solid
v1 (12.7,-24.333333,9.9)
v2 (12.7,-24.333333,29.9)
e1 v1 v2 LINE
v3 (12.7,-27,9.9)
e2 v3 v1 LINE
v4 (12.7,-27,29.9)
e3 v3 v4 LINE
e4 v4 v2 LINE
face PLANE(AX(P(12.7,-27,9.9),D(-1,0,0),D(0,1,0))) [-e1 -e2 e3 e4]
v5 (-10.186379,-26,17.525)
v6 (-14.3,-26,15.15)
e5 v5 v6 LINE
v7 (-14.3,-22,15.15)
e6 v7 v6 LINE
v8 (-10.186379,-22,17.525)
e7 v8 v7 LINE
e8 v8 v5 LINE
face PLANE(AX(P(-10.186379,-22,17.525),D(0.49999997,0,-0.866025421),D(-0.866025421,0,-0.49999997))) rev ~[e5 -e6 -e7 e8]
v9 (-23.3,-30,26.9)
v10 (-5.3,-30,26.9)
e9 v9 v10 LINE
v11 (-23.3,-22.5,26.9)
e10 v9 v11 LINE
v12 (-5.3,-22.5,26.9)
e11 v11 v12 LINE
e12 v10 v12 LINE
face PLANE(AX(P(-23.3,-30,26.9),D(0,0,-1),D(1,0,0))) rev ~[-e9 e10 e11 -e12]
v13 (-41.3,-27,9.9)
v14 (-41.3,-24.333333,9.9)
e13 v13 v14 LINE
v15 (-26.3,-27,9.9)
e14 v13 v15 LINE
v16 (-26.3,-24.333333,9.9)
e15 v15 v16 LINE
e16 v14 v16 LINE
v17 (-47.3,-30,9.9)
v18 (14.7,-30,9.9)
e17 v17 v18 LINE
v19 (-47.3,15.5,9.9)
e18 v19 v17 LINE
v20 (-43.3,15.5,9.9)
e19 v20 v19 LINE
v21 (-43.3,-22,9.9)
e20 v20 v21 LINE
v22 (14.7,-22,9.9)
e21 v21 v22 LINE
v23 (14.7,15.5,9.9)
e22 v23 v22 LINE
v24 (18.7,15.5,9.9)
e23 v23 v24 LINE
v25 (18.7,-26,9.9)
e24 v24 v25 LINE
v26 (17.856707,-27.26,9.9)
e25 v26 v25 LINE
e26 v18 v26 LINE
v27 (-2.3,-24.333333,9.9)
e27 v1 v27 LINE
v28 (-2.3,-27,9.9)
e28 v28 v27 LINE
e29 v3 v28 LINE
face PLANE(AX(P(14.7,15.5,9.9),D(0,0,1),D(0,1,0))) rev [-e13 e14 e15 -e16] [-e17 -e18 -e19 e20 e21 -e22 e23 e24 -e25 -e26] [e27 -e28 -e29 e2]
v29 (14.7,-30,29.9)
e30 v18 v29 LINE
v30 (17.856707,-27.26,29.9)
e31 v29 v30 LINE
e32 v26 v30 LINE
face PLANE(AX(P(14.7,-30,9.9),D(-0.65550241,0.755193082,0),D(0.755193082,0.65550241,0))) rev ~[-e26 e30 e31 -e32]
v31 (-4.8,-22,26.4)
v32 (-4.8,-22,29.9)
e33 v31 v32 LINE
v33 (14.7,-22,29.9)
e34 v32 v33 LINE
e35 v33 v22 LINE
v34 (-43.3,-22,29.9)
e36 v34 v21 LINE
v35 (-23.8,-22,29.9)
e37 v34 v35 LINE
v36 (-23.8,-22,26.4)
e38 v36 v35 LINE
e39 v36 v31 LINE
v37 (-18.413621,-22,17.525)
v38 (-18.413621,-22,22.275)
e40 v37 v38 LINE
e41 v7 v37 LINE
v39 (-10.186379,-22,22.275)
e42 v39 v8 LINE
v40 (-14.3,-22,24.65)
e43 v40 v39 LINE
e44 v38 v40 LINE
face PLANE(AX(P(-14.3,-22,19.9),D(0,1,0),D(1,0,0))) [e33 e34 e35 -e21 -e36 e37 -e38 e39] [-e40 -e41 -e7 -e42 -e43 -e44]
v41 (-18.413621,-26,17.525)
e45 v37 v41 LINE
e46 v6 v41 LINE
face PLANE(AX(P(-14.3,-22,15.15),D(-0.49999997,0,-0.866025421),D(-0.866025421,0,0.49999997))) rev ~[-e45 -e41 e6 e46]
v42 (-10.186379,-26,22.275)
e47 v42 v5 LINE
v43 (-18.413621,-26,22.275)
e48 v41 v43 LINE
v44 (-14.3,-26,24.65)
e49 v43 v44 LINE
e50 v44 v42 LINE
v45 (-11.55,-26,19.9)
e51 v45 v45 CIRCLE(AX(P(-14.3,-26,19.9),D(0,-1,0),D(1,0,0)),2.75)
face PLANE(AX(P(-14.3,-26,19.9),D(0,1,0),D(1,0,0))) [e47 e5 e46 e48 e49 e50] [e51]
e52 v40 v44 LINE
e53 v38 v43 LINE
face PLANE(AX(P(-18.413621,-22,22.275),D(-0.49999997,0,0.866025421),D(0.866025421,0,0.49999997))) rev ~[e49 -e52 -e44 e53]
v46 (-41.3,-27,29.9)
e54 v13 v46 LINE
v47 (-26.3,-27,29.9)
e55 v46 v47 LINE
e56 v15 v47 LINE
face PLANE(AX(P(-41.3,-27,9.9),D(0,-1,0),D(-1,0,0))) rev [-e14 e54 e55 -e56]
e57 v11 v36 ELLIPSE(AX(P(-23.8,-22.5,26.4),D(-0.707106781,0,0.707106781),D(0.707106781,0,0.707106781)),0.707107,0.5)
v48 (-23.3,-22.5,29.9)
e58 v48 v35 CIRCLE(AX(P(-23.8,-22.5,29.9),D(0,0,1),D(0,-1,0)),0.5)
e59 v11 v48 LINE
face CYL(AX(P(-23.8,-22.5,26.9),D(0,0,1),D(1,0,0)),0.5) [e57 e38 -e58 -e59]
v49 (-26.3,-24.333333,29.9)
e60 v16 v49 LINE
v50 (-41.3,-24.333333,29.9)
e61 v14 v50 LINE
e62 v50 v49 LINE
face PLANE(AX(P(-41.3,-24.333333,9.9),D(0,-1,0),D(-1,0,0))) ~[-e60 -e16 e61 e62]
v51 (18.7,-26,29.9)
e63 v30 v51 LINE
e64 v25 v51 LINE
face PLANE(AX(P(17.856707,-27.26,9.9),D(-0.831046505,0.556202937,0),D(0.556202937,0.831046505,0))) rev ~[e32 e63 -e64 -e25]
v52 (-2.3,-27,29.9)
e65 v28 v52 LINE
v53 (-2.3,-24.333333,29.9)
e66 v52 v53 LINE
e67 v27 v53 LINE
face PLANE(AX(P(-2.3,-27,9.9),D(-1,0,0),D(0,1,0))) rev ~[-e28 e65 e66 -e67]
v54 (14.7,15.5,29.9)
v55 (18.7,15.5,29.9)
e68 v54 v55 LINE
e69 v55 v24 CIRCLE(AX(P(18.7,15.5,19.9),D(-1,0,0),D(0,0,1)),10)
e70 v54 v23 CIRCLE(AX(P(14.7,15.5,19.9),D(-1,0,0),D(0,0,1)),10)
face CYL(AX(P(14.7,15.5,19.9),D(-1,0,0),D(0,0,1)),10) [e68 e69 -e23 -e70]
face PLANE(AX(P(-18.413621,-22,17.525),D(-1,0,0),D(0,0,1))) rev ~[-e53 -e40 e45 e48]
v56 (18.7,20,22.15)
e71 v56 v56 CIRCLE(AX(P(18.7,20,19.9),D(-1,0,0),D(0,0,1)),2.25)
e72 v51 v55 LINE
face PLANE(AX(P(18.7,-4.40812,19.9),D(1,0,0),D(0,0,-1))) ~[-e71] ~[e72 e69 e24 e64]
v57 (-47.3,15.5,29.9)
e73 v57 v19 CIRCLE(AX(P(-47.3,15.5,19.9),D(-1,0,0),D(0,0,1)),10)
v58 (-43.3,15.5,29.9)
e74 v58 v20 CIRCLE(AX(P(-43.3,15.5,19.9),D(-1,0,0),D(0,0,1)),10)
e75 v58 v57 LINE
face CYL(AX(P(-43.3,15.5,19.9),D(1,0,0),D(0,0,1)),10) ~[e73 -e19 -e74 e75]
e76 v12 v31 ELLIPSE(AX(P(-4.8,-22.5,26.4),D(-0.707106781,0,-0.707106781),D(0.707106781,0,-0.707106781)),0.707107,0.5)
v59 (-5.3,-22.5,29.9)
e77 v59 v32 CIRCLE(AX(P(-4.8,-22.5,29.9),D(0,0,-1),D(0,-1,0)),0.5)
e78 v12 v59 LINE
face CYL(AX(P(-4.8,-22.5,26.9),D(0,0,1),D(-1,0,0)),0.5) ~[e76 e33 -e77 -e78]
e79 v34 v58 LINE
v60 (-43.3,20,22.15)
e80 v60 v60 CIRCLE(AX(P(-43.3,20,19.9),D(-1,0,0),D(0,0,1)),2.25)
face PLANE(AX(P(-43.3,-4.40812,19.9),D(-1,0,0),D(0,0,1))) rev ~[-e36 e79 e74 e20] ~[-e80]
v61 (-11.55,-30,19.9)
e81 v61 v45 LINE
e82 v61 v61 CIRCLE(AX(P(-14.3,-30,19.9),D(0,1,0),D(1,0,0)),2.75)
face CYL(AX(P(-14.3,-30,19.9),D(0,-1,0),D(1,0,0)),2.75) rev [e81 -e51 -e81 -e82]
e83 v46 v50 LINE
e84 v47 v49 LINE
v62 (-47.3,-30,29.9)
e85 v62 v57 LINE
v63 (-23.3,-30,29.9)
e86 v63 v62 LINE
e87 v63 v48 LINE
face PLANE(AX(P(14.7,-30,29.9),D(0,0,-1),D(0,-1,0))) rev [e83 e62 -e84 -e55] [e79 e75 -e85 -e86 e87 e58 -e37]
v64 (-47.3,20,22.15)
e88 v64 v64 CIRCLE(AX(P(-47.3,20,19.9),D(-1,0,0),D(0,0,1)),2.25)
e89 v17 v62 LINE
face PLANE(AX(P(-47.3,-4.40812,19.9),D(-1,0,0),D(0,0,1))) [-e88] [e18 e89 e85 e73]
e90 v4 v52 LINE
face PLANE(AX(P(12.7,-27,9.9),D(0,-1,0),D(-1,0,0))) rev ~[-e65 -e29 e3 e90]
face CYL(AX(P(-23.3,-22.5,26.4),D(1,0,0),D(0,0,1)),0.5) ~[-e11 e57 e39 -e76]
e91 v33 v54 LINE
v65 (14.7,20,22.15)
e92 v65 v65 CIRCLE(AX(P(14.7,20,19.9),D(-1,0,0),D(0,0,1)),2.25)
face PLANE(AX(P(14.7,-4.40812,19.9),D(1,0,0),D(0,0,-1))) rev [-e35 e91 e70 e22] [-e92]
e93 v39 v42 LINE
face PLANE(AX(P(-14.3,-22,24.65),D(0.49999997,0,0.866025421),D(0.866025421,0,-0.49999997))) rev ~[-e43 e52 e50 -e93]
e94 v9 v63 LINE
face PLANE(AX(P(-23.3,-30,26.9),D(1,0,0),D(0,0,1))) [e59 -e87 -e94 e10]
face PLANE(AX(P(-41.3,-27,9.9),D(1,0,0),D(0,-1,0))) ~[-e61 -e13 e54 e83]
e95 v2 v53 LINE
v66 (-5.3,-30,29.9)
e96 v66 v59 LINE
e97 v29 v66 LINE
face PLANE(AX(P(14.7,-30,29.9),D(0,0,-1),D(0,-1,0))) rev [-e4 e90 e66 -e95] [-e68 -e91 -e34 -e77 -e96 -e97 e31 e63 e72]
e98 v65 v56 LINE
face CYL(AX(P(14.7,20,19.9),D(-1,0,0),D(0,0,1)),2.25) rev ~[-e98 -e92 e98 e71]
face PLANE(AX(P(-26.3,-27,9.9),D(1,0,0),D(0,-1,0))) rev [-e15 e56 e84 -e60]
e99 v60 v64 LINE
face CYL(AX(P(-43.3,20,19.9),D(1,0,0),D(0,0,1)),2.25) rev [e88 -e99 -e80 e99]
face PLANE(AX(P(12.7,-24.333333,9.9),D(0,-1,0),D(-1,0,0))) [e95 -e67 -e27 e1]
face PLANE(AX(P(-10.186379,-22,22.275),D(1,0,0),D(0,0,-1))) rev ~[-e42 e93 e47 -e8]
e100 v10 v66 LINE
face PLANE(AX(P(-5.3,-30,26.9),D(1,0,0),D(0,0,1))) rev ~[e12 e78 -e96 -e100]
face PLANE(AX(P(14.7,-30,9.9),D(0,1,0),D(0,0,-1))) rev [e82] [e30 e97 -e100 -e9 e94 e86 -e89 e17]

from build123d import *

# Parameters (mm, degrees)
SKETCH005_W             = 58
SKETCH005_H             = 20
SKETCH005_R             = 2.75
PAD004_DEPTH            = 8
SKETCH006_R             = 2.25
PAD005_DEPTH            = 4
POCKET005_DEPTH         = 4
SKETCH011_W             = 15
SKETCH011_H             = 2.666667
POCKET007_DEPTH         = 20
SKETCH012_W             = 18
SKETCH012_H             = 3
POCKET008_DEPTH         = 8
FILLET_R                = 0.5
POCKET009_DEPTH         = 20
BODY002_PLACEMENT_ANGLE = 180


with BuildPart() as part:
    # Sketch005 → Pad004 (new body)
    with BuildSketch(Plane.XZ):
        Rectangle(SKETCH005_W, SKETCH005_H)
        Circle(SKETCH005_R, mode=Mode.SUBTRACT)
    extrude(amount=PAD004_DEPTH)

    # Sketch006 (on Face4 of Pad004) → Pad005 (join)
    with BuildSketch(Plane(origin=(-29, 0, 0), x_dir=(0, 0, -1), z_dir=(-1, 0, 0))):
        with BuildLine():
            Line((-10, 0), (10, 0))
            Line((10, 0), (10, 45.5))
            ThreePointArc((10, 45.5), (0, 55.5), (-10, 45.5))
            Line((-10, 45.5), (-10, 0))
        make_face()
        with Locations((0, 50)):
            Circle(SKETCH006_R, mode=Mode.SUBTRACT)
    pad005 = extrude(amount=PAD005_DEPTH)

    # Mirrored003: Pad005 across YZ
    add(pad005.mirror(Plane.YZ))

    # Sketch007 (on Face5 of Mirrored003) → Pocket005 (cut)
    with BuildSketch(Plane.XZ.offset(8)):
        Polygon((4.113621, 2.375), (0, 4.75), (-4.113621, 2.375), (-4.113621, -2.375), (0, -4.75), (4.113621, -2.375), align=None)
    extrude(amount=-POCKET005_DEPTH, mode=Mode.SUBTRACT)

    # Sketch011 (on Face14 of Pocket005) → Pocket007 (cut)
    with BuildSketch(Plane(origin=(0, 0, 10), x_dir=(-1, 0, 0), z_dir=(0, 0, 1))):
        with Locations((-19.5, 4.333334)):
            Rectangle(SKETCH011_W, SKETCH011_H)
    pocket007 = extrude(amount=-POCKET007_DEPTH, mode=Mode.SUBTRACT)

    # Mirrored004: Pocket007 across YZ
    add(pocket007.mirror(Plane.YZ), mode=Mode.SUBTRACT)

    # Sketch012 (on Face3 of Mirrored004) → Pocket008 (cut)
    with BuildSketch(Plane(origin=(0, 0, 0), x_dir=(1, 0, 0), z_dir=(0, 1, 0))):
        with Locations((0, 8.5)):
            Rectangle(SKETCH012_W, SKETCH012_H)
    extrude(amount=-POCKET008_DEPTH, mode=Mode.SUBTRACT)

    # Fillet
    fillet_edges = [part.edges().sort_by_distance(p)[0] for p in [
        (0, -8, -7),
        (9, -8, -8.5),
        (-9, -8, -8.5),
    ]]
    fillet(fillet_edges, radius=FILLET_R)

    # Sketch013 (on Face35 of Fillet) → Pocket009 (cut)
    with BuildSketch(Plane(origin=(0, 0, 10), x_dir=(-1, 0, 0), z_dir=(0, 0, 1))):
        Polygon((-29, 0), (-32.156707, 2.74), (-33, 4), (-33, 0), align=None)
    extrude(amount=-POCKET009_DEPTH, mode=Mode.SUBTRACT)


with BuildPart() as part_1:
    # Body002 placement: moved
    add(part.part.moved(Location((-14.3, -30, 19.9))).rotate(Axis((-14.3, -30, 19.9), (1, 0, 0)), BODY002_PLACEMENT_ANGLE))


solid = part_1.part
